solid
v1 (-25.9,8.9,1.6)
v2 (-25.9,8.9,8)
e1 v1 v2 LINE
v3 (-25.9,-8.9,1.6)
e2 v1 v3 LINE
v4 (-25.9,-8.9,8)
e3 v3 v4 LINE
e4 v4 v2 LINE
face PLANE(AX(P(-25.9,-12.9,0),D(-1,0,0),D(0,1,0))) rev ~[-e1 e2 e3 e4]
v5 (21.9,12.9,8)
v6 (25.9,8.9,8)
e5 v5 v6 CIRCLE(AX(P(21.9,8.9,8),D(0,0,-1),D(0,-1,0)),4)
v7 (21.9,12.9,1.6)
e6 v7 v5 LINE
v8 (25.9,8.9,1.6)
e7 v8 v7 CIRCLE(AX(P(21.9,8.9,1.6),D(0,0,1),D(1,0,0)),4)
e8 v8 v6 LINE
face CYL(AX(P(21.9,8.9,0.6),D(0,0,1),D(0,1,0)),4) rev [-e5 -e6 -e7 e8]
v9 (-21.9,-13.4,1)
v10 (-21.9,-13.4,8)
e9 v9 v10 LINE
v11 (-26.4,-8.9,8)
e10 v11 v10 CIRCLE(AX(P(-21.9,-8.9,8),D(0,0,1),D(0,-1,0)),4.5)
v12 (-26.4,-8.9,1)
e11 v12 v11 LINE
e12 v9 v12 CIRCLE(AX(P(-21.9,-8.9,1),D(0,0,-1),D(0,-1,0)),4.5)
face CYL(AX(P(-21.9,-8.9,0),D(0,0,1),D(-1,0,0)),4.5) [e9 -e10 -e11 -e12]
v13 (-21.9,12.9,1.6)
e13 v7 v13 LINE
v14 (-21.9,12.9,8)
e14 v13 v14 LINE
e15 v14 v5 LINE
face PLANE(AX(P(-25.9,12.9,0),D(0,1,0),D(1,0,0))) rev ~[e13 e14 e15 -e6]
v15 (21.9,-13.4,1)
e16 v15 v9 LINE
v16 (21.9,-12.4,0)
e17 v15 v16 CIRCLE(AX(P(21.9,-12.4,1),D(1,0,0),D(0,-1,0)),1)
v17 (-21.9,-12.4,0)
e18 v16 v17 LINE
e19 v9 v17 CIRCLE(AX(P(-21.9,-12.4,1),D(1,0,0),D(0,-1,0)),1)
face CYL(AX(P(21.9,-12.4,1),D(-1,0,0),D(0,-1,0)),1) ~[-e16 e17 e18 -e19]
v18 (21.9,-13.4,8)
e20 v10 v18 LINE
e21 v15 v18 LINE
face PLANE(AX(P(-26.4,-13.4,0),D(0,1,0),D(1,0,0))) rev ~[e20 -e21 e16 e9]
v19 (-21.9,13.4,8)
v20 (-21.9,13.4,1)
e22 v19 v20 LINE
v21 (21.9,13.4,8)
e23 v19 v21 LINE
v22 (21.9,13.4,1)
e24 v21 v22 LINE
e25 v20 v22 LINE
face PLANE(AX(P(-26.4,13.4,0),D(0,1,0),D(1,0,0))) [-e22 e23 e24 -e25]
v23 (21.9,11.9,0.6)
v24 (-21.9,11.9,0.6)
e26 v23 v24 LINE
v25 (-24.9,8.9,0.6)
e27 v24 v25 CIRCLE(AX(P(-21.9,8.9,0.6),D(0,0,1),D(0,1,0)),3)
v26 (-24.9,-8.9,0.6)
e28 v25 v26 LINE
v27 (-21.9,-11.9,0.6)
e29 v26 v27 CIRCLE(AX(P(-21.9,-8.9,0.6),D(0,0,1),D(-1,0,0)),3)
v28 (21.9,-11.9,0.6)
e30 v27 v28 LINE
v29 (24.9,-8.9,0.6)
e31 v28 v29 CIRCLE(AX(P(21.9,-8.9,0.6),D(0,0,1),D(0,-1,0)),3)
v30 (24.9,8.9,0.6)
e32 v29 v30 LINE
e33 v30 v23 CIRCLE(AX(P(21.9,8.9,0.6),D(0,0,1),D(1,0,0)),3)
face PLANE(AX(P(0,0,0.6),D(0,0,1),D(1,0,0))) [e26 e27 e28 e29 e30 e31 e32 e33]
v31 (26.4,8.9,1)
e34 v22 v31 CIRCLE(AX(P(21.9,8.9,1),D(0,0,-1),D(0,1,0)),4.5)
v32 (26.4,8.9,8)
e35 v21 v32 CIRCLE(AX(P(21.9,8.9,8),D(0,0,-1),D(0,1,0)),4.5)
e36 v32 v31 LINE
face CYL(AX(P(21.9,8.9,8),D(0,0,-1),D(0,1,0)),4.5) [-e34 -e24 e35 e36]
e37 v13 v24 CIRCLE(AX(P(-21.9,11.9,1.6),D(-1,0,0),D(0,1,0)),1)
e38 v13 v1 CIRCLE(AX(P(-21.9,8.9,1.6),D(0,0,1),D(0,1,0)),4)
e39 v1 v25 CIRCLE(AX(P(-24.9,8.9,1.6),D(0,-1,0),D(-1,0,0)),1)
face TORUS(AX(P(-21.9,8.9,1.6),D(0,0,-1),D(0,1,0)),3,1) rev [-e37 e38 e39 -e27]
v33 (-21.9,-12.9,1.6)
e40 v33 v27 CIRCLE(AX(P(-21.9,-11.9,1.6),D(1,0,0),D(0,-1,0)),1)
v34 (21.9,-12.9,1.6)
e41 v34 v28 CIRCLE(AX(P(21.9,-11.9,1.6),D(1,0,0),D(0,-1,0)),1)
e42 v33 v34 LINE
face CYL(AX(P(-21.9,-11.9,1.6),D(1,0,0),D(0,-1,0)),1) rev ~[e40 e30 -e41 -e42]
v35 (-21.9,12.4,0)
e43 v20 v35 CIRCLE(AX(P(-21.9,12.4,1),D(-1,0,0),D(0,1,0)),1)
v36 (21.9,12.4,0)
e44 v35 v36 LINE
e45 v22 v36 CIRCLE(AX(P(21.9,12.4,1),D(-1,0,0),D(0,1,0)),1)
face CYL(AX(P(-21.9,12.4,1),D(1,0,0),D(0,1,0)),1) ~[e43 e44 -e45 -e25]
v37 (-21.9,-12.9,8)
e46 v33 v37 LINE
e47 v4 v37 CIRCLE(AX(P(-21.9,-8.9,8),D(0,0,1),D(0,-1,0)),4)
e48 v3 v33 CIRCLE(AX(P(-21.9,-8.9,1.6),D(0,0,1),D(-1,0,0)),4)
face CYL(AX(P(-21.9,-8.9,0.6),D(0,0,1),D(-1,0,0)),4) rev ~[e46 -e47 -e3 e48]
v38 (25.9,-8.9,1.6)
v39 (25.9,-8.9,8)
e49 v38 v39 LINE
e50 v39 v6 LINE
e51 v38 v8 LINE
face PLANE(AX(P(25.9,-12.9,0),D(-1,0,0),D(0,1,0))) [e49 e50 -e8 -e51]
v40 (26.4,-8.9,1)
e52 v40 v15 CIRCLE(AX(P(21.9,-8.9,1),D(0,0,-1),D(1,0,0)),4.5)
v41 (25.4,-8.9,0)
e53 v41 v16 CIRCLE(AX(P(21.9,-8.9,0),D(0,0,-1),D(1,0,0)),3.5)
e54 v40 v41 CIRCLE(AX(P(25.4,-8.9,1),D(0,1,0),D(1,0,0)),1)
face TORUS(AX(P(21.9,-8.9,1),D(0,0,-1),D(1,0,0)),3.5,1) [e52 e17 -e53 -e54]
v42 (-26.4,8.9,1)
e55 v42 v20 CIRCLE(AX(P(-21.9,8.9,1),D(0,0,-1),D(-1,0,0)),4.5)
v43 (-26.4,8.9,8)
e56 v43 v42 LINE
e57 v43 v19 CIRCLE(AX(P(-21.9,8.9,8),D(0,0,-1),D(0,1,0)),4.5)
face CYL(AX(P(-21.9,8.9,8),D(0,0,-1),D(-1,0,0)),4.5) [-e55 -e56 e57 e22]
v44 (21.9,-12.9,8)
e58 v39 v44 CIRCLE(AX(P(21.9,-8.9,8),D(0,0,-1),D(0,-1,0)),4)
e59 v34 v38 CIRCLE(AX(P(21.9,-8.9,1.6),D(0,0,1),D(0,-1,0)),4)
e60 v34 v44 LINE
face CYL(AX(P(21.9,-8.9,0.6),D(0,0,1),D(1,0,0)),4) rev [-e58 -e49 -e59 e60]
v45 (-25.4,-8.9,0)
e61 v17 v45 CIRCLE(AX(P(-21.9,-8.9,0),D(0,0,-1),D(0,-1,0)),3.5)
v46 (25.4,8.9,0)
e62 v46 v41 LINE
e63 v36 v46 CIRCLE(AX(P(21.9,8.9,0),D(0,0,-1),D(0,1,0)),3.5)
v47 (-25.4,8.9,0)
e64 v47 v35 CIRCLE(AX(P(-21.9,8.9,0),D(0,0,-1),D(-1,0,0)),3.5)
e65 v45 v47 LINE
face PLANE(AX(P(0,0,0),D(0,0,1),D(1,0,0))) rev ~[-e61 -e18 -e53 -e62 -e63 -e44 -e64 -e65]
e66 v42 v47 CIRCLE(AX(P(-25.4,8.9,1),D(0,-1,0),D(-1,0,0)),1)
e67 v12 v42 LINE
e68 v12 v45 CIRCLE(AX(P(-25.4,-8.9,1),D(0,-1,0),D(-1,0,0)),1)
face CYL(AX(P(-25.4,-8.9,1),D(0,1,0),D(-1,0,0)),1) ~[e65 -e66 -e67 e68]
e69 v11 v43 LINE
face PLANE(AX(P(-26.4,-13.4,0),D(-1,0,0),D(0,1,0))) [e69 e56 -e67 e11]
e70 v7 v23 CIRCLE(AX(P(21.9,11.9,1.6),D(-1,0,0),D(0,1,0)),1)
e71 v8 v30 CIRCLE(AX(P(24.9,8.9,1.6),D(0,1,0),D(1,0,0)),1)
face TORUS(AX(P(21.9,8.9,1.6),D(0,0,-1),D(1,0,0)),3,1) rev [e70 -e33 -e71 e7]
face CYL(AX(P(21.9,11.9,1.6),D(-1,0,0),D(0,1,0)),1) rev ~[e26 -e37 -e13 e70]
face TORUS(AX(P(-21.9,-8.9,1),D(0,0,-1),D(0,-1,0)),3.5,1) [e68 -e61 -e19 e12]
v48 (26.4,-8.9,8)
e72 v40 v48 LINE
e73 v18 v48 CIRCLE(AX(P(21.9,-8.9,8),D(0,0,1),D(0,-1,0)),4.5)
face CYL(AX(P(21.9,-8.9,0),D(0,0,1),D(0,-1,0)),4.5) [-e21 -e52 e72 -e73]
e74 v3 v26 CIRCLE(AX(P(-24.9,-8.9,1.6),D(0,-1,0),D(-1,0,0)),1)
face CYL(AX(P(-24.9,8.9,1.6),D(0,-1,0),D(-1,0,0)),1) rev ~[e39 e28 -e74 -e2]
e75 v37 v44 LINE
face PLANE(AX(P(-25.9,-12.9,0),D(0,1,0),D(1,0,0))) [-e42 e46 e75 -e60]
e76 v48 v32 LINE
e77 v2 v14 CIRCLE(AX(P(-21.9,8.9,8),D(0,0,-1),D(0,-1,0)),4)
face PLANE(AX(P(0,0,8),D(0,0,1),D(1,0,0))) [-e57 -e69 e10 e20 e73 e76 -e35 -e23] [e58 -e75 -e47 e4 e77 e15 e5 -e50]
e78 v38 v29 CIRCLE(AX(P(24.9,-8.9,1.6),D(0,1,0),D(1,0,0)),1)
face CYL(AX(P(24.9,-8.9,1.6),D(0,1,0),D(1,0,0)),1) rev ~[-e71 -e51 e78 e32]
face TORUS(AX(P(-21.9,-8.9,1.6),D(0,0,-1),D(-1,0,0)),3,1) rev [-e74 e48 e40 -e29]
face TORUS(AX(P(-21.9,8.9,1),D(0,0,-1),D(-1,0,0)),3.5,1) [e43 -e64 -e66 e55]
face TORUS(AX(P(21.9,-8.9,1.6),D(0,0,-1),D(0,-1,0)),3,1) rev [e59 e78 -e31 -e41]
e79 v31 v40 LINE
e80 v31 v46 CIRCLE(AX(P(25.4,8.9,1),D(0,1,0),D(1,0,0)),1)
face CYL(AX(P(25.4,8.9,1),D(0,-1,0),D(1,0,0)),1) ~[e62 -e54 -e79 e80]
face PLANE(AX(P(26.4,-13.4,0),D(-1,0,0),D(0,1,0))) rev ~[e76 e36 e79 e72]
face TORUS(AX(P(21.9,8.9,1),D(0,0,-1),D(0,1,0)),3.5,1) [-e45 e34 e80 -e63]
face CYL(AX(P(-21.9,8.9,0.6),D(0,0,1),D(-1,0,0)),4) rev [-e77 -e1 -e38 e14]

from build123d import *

# Parameters (mm, degrees)
F0_W     = 52.8
F0_H     = 26.8
F0_W_2   = 51.8
F0_H_2   = 25.8
F1_DEPTH = 0.6
F2_DEPTH = 8
F3_R     = 4
F4_R     = 4.5
F5_R     = 1


with BuildPart() as f1:
    # F0 (on Top) → F1 (new body)
    with BuildSketch(Plane.XY):
        Rectangle(F0_W, F0_H)
        Rectangle(F0_W_2, F0_H_2, mode=Mode.SUBTRACT)
        Rectangle(F0_W_2, F0_H_2)
    extrude(amount=F1_DEPTH)

    # F0 (on Top) → F2 (join)
    with BuildSketch(Plane.XY):
        Rectangle(F0_W, F0_H)
        Rectangle(F0_W_2, F0_H_2, mode=Mode.SUBTRACT)
    extrude(amount=F2_DEPTH)

    # F3
    f3_edges = [f1.edges().sort_by_distance(p)[0] for p in [
        (-25.9, 12.9, 4.3),
        (25.9, 12.9, 4.3),
        (25.9, -12.9, 4.3),
        (-25.9, -12.9, 4.3),
    ]]
    fillet(f3_edges, radius=F3_R)

    # F4
    f4_edges = [f1.edges().sort_by_distance(p)[0] for p in [
        (26.4, 13.4, 4),
        (26.4, -13.4, 4),
        (-26.4, 13.4, 4),
        (-26.4, -13.4, 4),
    ]]
    fillet(f4_edges, radius=F4_R)

    # F5
    f5_edges = [f1.edges().sort_by_distance(p)[0] for p in [
        (0, 12.9, 0.6),
        (0, 13.4, 0),
    ]]
    fillet(f5_edges, radius=F5_R)


solid = f1.part
